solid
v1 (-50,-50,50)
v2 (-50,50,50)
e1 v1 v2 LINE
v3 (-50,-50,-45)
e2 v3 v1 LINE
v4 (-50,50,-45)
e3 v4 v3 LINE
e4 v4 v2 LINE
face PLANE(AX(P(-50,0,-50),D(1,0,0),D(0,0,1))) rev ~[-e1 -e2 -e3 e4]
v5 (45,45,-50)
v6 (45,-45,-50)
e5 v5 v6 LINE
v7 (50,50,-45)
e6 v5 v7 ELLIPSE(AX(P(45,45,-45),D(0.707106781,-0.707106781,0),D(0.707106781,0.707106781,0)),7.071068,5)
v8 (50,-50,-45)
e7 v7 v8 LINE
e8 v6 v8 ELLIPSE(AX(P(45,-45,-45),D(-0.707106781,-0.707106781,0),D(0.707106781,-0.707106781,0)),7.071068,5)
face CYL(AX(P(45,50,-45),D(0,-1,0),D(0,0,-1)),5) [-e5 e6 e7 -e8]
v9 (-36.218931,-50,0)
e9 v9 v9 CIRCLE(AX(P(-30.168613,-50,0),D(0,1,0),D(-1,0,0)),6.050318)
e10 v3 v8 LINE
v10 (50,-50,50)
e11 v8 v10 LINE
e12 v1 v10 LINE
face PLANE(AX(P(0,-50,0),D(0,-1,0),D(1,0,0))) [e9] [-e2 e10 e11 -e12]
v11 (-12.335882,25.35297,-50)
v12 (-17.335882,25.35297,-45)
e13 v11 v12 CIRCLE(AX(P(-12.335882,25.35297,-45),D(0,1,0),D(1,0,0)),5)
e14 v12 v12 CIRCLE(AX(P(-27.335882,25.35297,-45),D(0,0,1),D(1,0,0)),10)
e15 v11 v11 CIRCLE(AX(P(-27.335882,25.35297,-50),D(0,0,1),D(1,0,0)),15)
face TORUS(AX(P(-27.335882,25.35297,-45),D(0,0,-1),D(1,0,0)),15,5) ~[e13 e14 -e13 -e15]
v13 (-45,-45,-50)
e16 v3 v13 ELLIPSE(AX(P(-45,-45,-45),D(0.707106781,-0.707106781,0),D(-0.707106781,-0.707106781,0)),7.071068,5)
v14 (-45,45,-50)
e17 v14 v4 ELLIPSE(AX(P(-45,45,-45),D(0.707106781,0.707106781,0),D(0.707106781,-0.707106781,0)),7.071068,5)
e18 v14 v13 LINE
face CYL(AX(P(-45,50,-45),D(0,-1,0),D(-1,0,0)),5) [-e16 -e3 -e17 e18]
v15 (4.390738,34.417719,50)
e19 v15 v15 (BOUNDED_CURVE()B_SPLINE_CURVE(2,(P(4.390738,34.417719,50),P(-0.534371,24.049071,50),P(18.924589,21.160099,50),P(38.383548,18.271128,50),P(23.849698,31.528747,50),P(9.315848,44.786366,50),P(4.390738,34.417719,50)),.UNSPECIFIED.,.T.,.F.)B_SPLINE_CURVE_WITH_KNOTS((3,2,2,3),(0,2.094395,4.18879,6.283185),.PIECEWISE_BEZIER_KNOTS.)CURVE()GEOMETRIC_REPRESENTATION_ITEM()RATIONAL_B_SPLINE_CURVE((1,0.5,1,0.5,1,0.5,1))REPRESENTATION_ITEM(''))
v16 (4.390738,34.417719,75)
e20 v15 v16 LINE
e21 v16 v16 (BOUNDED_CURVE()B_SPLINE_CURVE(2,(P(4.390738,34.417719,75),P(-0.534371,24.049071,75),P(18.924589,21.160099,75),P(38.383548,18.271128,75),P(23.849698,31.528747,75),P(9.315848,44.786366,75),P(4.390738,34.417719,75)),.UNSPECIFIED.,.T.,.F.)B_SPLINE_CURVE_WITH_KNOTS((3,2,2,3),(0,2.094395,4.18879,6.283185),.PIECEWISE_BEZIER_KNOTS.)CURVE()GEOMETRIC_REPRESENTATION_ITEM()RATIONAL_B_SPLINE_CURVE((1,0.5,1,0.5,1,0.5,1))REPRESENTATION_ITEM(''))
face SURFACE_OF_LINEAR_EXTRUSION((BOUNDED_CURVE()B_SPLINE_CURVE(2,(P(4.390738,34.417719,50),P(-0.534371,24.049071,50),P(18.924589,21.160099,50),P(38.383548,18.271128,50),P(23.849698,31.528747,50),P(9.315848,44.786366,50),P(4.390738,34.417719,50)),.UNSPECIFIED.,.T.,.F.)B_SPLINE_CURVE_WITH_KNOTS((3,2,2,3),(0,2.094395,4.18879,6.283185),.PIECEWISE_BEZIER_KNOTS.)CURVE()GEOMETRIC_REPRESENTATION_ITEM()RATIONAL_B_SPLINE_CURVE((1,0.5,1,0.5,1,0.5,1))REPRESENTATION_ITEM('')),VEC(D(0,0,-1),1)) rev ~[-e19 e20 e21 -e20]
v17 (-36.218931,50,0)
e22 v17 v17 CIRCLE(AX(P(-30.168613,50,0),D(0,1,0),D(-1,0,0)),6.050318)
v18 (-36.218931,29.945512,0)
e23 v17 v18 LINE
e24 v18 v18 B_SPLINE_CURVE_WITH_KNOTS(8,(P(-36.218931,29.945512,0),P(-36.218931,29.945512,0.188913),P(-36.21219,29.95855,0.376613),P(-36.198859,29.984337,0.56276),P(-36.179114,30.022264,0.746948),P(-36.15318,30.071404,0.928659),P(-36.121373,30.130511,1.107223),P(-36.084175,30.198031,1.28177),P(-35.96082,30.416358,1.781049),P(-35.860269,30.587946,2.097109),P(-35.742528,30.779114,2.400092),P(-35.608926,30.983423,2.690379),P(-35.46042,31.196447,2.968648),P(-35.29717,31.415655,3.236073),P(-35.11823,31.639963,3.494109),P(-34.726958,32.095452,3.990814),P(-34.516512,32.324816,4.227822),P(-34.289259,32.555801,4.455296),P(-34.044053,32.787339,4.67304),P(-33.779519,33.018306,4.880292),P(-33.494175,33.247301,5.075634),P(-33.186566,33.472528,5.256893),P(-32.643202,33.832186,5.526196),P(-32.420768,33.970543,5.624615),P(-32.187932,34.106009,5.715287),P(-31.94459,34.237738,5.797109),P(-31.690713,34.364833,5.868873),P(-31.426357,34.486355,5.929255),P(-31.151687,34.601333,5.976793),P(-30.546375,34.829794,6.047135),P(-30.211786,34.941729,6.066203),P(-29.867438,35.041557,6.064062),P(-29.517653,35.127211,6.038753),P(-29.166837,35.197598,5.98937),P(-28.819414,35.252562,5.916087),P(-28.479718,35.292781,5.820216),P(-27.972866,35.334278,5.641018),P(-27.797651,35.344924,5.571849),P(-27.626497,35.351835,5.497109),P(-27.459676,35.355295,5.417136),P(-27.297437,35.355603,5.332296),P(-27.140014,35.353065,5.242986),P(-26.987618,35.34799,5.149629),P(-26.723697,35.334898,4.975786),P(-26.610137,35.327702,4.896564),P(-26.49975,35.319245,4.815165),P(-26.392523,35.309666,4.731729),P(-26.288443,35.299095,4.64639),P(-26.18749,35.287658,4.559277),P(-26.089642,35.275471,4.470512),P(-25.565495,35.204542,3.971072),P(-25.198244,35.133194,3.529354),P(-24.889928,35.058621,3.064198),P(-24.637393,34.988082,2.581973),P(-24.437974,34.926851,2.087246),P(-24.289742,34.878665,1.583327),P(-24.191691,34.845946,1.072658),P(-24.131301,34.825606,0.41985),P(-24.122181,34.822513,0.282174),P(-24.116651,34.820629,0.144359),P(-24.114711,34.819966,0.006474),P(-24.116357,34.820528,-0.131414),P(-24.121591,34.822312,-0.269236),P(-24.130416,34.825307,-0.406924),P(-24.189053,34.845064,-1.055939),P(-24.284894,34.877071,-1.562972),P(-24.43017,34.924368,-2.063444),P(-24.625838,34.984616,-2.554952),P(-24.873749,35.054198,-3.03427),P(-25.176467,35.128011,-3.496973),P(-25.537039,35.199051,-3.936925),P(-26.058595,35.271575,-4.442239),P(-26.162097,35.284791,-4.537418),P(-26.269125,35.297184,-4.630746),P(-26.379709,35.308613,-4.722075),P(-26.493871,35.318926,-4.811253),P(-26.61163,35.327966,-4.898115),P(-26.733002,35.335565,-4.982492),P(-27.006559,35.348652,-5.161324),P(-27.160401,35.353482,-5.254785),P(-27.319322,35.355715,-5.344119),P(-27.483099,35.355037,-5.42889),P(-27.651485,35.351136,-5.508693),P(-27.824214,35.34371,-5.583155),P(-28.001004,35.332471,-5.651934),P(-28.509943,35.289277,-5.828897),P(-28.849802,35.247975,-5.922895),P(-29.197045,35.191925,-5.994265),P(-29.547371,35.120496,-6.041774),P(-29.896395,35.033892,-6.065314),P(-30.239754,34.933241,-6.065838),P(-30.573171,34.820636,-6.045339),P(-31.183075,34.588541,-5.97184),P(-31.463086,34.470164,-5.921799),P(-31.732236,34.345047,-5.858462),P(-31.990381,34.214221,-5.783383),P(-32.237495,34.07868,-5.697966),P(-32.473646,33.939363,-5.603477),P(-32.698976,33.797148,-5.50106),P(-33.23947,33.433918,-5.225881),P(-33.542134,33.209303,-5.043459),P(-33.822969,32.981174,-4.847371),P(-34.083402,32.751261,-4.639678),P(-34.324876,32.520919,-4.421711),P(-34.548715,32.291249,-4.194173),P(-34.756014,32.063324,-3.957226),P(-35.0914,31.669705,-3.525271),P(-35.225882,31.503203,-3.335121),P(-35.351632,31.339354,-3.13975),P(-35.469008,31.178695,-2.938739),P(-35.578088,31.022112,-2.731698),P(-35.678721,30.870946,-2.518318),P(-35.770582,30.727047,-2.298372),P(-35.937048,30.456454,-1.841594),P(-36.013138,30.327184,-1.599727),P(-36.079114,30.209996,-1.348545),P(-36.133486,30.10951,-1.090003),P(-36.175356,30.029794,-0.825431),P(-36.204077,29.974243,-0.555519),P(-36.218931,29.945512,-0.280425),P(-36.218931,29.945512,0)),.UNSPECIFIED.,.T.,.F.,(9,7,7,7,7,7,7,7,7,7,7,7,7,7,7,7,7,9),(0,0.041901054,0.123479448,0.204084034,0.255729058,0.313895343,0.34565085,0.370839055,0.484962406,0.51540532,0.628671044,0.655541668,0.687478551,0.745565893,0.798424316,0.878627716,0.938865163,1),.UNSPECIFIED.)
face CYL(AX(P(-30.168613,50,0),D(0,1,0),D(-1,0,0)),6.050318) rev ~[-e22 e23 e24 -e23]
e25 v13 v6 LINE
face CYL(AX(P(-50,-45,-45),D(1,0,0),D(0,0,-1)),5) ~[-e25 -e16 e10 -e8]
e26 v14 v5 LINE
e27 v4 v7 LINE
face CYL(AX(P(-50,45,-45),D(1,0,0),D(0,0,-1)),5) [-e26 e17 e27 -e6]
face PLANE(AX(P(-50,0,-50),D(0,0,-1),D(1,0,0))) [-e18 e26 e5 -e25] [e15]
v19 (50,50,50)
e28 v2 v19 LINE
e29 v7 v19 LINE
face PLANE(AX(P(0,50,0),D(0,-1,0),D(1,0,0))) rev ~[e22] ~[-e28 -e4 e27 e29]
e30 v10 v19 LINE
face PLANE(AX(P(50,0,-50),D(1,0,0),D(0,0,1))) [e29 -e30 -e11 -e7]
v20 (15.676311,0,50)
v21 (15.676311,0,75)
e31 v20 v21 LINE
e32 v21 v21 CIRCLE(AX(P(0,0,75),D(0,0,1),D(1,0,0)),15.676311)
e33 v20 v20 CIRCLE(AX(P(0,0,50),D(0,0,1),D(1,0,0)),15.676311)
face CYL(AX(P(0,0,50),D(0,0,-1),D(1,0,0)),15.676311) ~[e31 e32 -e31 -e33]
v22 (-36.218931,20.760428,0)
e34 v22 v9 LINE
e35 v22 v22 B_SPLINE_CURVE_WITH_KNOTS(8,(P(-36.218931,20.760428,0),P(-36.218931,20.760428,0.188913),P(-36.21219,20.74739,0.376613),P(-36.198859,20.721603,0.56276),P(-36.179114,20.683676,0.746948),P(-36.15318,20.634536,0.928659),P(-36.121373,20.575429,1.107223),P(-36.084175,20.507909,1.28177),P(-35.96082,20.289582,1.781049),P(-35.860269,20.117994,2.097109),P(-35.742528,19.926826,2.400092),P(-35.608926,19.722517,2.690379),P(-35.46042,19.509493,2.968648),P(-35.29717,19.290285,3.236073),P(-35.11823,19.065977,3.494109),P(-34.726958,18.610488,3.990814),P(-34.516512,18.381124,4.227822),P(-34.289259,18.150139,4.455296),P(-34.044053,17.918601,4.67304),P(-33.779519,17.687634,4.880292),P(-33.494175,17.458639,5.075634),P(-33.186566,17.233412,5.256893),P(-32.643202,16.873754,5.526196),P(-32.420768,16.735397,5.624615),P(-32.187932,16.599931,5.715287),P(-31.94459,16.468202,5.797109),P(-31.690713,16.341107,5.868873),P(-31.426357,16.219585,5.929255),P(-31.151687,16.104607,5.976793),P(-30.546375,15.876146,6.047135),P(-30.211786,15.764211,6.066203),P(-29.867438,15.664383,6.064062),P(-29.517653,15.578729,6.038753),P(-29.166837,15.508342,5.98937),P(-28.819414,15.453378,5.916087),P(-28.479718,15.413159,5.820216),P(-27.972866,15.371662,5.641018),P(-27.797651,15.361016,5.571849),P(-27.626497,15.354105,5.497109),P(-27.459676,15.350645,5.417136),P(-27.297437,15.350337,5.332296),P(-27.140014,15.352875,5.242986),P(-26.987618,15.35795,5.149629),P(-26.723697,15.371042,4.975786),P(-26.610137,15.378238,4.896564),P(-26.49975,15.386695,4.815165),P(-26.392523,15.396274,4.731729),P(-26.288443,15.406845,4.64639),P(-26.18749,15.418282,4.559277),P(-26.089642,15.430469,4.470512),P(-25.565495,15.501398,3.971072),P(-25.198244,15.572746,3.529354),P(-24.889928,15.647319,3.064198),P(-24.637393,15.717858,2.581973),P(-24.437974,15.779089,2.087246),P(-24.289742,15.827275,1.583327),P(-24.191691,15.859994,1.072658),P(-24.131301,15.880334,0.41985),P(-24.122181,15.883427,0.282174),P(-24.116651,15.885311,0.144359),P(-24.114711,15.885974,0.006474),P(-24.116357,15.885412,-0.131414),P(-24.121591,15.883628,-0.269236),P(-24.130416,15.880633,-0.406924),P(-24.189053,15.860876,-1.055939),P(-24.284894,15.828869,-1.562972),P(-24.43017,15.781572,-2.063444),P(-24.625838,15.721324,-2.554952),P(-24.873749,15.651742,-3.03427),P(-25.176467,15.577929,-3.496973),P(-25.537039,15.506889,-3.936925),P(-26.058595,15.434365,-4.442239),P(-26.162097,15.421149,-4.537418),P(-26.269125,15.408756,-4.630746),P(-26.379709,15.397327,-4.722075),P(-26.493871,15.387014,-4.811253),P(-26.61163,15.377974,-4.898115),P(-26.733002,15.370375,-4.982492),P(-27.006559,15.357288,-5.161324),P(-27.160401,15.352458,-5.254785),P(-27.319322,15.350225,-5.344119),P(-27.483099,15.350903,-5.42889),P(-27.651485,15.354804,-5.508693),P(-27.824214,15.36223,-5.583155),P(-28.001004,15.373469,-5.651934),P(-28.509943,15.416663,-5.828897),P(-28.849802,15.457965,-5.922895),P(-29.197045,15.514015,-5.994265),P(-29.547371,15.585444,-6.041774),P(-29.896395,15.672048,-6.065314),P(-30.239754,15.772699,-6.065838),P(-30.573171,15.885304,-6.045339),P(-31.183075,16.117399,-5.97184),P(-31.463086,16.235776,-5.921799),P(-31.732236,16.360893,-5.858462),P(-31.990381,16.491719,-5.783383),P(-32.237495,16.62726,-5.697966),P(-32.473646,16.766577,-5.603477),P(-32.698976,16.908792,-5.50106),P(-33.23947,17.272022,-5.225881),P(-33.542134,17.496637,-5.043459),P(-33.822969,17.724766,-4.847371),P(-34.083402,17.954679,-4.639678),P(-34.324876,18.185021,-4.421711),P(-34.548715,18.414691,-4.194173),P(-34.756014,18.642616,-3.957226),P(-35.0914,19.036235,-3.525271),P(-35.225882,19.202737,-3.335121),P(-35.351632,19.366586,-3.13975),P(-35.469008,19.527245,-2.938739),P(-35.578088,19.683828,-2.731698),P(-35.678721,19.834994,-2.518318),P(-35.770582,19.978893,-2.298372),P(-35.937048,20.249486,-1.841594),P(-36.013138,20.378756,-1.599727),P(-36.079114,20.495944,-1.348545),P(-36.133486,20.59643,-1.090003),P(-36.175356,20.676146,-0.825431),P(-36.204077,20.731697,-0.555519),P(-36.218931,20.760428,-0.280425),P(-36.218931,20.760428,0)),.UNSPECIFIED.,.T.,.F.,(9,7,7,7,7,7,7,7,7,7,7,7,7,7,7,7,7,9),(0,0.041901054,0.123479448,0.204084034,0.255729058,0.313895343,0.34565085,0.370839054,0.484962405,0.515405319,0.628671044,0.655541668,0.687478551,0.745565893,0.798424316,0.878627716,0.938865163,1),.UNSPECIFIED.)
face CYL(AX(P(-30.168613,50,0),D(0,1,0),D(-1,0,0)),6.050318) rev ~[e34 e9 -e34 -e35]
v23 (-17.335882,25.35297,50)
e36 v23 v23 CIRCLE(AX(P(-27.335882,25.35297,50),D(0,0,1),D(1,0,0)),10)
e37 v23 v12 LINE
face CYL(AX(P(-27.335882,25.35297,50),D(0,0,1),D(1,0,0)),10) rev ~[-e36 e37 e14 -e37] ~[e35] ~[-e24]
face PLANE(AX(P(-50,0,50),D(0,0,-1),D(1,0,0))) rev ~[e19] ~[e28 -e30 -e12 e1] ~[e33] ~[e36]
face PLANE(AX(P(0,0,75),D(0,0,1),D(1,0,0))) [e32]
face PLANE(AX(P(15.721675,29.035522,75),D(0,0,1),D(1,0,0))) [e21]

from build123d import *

# Parameters (mm, degrees)
F0_W      = 100
F0_H      = 100
F1_DEPTH  = 50
F2_R      = 10
F3_DEPTH  = 105
F4_R      = 6.050318
F5_DEPTH  = 105
F6_R      = 5
F7_R      = 15.676311
F8_DEPTH  = 25
F10_DEPTH = 25


with BuildPart() as f1:
    # F0 (on Front) → F1 (new body, symmetric)
    with BuildSketch(Plane.XZ):
        Rectangle(F0_W, F0_H)
    extrude(amount=F1_DEPTH, both=True)

    # F2 (on face) → F3 (cut)
    with BuildSketch(Plane.XY.offset(50)):
        with Locations((-27.335882, 25.35297)):
            Circle(F2_R)
    extrude(amount=-F3_DEPTH, mode=Mode.SUBTRACT)

    # F4 (on face) → F5 (cut)
    with BuildSketch(Plane(origin=(0, 50, 0), x_dir=(-1, 0, 0), z_dir=(0, 1, 0))):
        with Locations((30.168613, 0)):
            Circle(F4_R)
    extrude(amount=-F5_DEPTH, mode=Mode.SUBTRACT)

    # F6
    f6_edges = [f1.edges().sort_by_distance(p)[0] for p in [
        (0, 50, -50),
        (-50, 0, -50),
        (50, 0, -50),
        (0, -50, -50),
        (-37.335882, 25.35297, -50),
    ]]
    fillet(f6_edges, radius=F6_R)

    # F7 (on face) → F8 (join)
    with BuildSketch(Plane.XY.offset(50)):
        Circle(F7_R)
    extrude(amount=F8_DEPTH)

    # F9 (on face) → F10 (join)
    with BuildSketch(Plane.XY.offset(50)):
        with BuildLine():
            add(Edge.make_bspline(
                [(4.390738, 34.417719), (-0.534371, 24.049071), (18.924589, 21.160099), (38.383548, 18.271128), (23.849698, 31.528747), (9.315848, 44.786366), (4.390738, 34.417719)],
                knots=[0, 0, 0, 2.094395, 2.094395, 4.18879, 4.18879, 6.283185, 6.283185, 6.283185], degree=2, weights=[1, 0.5, 1, 0.5, 1, 0.5, 1]))
        make_face()
    extrude(amount=F10_DEPTH)


solid = f1.part
